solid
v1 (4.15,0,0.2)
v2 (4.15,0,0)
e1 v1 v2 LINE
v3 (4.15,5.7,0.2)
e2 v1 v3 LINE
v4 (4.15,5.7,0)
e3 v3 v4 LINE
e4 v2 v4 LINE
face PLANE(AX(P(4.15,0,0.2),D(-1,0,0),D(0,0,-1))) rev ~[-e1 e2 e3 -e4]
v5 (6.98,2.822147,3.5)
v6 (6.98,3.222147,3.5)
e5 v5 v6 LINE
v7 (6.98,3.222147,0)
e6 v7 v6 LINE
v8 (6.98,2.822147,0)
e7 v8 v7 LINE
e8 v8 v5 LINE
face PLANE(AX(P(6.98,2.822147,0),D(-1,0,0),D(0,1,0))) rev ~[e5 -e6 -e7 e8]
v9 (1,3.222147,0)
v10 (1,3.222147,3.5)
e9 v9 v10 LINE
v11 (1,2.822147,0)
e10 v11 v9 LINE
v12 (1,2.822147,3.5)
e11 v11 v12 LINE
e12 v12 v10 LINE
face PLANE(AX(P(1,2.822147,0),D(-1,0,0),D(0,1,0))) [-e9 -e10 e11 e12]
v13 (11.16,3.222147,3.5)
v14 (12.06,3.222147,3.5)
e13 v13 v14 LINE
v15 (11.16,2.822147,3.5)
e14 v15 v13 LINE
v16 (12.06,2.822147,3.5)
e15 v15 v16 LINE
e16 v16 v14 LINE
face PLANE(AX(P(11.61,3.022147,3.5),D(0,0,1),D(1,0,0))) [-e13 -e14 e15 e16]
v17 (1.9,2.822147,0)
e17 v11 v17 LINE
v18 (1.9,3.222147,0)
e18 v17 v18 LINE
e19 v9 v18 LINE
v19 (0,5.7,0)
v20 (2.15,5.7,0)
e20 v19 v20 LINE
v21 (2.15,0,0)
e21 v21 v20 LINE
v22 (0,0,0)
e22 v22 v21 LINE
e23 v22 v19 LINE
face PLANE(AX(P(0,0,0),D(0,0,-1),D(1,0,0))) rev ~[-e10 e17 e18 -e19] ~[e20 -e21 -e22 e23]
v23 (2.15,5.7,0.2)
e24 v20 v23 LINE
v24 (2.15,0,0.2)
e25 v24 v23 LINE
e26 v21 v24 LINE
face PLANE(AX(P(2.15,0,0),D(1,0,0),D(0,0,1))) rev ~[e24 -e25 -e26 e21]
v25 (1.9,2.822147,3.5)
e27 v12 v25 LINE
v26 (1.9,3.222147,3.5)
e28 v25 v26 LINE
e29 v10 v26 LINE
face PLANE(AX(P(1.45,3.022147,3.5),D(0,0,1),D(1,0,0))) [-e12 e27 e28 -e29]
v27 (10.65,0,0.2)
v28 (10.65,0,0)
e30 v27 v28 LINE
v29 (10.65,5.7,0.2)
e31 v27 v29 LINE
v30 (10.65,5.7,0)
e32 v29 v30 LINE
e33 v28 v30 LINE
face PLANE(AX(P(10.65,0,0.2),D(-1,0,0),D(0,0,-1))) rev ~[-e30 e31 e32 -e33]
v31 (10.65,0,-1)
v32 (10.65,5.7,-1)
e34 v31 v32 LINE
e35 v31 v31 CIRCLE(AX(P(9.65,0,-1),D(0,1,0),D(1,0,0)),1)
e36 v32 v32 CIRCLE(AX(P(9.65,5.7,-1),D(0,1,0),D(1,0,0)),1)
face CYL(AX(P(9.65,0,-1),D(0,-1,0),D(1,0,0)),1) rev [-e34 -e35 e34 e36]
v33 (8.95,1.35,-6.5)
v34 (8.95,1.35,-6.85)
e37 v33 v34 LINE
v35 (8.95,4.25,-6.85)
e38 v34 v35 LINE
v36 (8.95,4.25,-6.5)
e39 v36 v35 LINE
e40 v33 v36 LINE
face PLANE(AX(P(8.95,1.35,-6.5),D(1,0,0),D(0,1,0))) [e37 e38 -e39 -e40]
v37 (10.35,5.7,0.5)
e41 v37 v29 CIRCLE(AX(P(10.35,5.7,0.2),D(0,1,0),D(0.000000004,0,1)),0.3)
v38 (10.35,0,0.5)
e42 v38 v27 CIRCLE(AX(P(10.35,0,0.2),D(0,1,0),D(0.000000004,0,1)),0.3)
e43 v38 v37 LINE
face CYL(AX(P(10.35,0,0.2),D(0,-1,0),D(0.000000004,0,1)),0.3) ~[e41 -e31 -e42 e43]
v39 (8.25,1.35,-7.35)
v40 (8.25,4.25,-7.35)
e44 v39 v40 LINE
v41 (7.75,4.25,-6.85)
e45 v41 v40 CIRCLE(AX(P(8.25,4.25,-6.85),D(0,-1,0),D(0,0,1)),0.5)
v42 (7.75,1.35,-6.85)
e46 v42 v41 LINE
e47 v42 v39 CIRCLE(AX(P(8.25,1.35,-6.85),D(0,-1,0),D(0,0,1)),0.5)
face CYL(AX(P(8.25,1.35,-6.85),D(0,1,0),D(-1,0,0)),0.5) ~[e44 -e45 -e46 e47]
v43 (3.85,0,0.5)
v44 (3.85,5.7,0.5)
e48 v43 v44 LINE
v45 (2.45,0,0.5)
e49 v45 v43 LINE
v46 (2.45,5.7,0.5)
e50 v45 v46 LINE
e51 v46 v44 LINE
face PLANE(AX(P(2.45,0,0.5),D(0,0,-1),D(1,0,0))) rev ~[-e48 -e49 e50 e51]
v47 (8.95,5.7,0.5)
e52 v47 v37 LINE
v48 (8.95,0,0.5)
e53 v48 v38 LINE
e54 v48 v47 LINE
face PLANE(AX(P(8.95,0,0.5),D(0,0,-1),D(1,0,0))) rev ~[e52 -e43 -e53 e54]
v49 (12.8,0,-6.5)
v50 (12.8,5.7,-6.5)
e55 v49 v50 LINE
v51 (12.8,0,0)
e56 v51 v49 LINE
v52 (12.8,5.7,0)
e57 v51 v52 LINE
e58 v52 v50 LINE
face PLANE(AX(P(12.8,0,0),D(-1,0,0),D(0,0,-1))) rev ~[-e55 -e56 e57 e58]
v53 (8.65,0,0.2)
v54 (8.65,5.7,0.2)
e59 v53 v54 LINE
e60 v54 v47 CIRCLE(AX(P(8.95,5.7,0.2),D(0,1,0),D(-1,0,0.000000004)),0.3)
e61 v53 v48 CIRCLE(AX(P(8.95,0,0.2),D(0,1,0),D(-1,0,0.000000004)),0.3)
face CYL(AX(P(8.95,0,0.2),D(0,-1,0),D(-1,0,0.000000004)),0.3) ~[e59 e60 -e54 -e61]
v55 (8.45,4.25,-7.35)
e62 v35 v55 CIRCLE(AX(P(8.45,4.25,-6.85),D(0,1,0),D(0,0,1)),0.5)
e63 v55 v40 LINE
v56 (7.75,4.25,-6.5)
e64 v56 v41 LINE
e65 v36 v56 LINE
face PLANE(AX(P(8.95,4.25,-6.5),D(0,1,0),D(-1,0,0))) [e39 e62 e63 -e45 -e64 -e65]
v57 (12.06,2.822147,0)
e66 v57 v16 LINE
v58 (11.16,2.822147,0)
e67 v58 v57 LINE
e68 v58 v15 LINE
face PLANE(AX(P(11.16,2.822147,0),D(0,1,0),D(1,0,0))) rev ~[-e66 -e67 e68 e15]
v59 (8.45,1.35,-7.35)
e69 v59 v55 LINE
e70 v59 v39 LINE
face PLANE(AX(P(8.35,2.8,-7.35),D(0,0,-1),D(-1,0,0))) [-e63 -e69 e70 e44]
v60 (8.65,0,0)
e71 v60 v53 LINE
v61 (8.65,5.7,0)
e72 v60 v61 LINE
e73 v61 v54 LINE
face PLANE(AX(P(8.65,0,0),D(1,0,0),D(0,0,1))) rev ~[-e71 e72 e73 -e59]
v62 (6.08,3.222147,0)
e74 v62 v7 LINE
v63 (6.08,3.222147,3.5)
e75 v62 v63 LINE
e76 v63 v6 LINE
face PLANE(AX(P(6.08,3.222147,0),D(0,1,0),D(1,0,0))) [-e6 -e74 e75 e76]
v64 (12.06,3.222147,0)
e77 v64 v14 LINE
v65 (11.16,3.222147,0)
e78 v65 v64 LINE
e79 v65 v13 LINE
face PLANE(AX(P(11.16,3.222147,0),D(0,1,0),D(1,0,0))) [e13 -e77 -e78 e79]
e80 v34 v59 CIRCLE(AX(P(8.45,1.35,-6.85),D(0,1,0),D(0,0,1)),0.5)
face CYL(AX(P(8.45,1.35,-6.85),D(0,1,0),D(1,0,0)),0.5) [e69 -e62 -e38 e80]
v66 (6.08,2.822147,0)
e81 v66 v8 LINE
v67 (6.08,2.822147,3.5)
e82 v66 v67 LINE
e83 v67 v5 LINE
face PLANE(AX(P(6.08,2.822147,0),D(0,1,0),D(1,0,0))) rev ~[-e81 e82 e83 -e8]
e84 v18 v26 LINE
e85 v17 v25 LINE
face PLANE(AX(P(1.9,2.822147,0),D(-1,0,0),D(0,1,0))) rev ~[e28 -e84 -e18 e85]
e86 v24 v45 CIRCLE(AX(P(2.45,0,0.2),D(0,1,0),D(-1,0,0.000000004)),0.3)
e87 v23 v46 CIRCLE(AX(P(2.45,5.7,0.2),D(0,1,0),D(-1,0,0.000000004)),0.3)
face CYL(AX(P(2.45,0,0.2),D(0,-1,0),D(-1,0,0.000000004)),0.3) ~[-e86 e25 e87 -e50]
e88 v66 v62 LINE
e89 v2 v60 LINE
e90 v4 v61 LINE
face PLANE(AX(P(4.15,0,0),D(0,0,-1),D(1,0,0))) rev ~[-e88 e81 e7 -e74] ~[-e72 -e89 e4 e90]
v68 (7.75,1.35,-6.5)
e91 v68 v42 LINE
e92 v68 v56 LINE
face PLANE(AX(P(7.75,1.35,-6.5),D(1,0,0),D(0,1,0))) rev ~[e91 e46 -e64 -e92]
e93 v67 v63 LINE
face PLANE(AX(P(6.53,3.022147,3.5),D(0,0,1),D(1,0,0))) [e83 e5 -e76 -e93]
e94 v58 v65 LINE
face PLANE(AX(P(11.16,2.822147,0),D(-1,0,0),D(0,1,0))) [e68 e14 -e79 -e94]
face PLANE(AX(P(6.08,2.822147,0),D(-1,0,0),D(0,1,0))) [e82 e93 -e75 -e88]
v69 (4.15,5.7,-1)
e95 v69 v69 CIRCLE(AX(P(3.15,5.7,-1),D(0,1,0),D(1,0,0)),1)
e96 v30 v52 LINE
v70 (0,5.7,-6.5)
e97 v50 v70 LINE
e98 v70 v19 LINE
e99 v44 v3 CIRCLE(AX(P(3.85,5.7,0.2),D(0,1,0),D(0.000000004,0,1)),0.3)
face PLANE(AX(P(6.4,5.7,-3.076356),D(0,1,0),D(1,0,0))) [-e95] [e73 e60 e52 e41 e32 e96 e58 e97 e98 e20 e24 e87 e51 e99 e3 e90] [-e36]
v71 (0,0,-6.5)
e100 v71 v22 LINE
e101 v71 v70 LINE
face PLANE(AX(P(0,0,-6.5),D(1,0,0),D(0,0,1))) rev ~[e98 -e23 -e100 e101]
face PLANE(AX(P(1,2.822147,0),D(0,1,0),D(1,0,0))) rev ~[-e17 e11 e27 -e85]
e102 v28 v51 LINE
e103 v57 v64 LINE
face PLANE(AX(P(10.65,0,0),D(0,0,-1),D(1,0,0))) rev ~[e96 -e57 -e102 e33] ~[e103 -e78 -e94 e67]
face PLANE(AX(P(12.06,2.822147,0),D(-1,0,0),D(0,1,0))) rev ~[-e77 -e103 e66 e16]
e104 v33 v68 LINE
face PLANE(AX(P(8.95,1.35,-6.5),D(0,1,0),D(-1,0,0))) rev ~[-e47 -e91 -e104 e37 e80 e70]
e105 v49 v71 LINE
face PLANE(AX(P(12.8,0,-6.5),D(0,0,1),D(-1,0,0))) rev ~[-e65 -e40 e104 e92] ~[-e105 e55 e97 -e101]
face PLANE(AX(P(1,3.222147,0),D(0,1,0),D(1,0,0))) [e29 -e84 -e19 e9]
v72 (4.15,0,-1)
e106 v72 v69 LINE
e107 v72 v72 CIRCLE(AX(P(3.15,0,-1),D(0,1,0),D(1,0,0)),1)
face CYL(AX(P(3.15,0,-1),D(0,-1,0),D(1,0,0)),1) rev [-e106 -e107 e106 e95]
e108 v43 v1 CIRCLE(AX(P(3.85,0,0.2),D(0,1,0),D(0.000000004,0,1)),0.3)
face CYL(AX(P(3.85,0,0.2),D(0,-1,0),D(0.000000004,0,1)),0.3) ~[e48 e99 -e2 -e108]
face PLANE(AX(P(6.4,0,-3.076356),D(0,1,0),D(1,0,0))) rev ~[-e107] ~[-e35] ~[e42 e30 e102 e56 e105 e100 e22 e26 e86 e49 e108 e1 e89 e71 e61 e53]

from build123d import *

# Parameters (mm, degrees)
SKETCH1_R           = 1
BOSS_EXTRUDE1_DEPTH = 5.7
SKETCH2_W           = 1.2
SKETCH2_H           = 2.9
BOSS_EXTRUDE2_DEPTH = 0.85
FILLET1_R           = 0.5
SKETCH3_W           = 0.9
SKETCH3_H           = 0.4
BOSS_EXTRUDE3_DEPTH = 3.5


with BuildPart() as part:
    # Sketch1 → Boss-Extrude1 (new body)
    with BuildSketch(Plane(origin=(0, 0, 0), x_dir=(1, 0, 0), z_dir=(0, 1, 0))):
        with BuildLine():
            Line((0, 0), (2.15, 0))
            Line((2.15, 0), (2.15, -0.2))
            ThreePointArc((2.15, -0.2), (2.237867966, -0.412132034), (2.45, -0.5))
            Line((2.45, -0.5), (3.85, -0.5))
            ThreePointArc((3.85, -0.5), (4.062132034, -0.412132034), (4.15, -0.2))
            Line((4.15, -0.2), (4.15, 0))
            Line((4.15, 0), (8.65, 0))
            Line((8.65, 0), (8.65, -0.2))
            ThreePointArc((8.65, -0.2), (8.737867966, -0.412132034), (8.95, -0.5))
            Line((8.95, -0.5), (10.35, -0.5))
            ThreePointArc((10.35, -0.5), (10.562132034, -0.412132034), (10.65, -0.2))
            Line((10.65, -0.2), (10.65, 0))
            Line((10.65, 0), (12.8, 0))
            Line((12.8, 0), (12.8, 6.5))
            Line((12.8, 6.5), (0, 6.5))
            Line((0, 6.5), (0, 0))
        make_face()
        with Locations((3.15, 1)):
            Circle(SKETCH1_R, mode=Mode.SUBTRACT)
        with Locations((9.65, 1)):
            Circle(SKETCH1_R, mode=Mode.SUBTRACT)
    extrude(amount=BOSS_EXTRUDE1_DEPTH)

    # Sketch2 → Boss-Extrude2 (add)
    with BuildSketch(Plane(origin=(0, 0, -6.5), x_dir=(-1, 0, 0), z_dir=(0, 0, -1))):
        with Locations((-8.35, 2.8)):
            Rectangle(SKETCH2_W, SKETCH2_H)
    extrude(amount=BOSS_EXTRUDE2_DEPTH)

    # Fillet1
    fillet1_edges = [part.edges().sort_by_distance(p)[0] for p in [
        (8.95, 2.8, -7.35),
        (7.75, 2.8, -7.35),
    ]]
    fillet(fillet1_edges, radius=FILLET1_R)

    # Sketch3 → Boss-Extrude3 (add)
    with BuildSketch(Plane.XY):
        with Locations((1.45, 3.022147262)):
            Rectangle(SKETCH3_W, SKETCH3_H)
        with Locations((6.53, 3.022147262)):
            Rectangle(SKETCH3_W, SKETCH3_H)
        with Locations((11.61, 3.022147262)):
            Rectangle(SKETCH3_W, SKETCH3_H)
    extrude(amount=BOSS_EXTRUDE3_DEPTH)


solid = part.part
